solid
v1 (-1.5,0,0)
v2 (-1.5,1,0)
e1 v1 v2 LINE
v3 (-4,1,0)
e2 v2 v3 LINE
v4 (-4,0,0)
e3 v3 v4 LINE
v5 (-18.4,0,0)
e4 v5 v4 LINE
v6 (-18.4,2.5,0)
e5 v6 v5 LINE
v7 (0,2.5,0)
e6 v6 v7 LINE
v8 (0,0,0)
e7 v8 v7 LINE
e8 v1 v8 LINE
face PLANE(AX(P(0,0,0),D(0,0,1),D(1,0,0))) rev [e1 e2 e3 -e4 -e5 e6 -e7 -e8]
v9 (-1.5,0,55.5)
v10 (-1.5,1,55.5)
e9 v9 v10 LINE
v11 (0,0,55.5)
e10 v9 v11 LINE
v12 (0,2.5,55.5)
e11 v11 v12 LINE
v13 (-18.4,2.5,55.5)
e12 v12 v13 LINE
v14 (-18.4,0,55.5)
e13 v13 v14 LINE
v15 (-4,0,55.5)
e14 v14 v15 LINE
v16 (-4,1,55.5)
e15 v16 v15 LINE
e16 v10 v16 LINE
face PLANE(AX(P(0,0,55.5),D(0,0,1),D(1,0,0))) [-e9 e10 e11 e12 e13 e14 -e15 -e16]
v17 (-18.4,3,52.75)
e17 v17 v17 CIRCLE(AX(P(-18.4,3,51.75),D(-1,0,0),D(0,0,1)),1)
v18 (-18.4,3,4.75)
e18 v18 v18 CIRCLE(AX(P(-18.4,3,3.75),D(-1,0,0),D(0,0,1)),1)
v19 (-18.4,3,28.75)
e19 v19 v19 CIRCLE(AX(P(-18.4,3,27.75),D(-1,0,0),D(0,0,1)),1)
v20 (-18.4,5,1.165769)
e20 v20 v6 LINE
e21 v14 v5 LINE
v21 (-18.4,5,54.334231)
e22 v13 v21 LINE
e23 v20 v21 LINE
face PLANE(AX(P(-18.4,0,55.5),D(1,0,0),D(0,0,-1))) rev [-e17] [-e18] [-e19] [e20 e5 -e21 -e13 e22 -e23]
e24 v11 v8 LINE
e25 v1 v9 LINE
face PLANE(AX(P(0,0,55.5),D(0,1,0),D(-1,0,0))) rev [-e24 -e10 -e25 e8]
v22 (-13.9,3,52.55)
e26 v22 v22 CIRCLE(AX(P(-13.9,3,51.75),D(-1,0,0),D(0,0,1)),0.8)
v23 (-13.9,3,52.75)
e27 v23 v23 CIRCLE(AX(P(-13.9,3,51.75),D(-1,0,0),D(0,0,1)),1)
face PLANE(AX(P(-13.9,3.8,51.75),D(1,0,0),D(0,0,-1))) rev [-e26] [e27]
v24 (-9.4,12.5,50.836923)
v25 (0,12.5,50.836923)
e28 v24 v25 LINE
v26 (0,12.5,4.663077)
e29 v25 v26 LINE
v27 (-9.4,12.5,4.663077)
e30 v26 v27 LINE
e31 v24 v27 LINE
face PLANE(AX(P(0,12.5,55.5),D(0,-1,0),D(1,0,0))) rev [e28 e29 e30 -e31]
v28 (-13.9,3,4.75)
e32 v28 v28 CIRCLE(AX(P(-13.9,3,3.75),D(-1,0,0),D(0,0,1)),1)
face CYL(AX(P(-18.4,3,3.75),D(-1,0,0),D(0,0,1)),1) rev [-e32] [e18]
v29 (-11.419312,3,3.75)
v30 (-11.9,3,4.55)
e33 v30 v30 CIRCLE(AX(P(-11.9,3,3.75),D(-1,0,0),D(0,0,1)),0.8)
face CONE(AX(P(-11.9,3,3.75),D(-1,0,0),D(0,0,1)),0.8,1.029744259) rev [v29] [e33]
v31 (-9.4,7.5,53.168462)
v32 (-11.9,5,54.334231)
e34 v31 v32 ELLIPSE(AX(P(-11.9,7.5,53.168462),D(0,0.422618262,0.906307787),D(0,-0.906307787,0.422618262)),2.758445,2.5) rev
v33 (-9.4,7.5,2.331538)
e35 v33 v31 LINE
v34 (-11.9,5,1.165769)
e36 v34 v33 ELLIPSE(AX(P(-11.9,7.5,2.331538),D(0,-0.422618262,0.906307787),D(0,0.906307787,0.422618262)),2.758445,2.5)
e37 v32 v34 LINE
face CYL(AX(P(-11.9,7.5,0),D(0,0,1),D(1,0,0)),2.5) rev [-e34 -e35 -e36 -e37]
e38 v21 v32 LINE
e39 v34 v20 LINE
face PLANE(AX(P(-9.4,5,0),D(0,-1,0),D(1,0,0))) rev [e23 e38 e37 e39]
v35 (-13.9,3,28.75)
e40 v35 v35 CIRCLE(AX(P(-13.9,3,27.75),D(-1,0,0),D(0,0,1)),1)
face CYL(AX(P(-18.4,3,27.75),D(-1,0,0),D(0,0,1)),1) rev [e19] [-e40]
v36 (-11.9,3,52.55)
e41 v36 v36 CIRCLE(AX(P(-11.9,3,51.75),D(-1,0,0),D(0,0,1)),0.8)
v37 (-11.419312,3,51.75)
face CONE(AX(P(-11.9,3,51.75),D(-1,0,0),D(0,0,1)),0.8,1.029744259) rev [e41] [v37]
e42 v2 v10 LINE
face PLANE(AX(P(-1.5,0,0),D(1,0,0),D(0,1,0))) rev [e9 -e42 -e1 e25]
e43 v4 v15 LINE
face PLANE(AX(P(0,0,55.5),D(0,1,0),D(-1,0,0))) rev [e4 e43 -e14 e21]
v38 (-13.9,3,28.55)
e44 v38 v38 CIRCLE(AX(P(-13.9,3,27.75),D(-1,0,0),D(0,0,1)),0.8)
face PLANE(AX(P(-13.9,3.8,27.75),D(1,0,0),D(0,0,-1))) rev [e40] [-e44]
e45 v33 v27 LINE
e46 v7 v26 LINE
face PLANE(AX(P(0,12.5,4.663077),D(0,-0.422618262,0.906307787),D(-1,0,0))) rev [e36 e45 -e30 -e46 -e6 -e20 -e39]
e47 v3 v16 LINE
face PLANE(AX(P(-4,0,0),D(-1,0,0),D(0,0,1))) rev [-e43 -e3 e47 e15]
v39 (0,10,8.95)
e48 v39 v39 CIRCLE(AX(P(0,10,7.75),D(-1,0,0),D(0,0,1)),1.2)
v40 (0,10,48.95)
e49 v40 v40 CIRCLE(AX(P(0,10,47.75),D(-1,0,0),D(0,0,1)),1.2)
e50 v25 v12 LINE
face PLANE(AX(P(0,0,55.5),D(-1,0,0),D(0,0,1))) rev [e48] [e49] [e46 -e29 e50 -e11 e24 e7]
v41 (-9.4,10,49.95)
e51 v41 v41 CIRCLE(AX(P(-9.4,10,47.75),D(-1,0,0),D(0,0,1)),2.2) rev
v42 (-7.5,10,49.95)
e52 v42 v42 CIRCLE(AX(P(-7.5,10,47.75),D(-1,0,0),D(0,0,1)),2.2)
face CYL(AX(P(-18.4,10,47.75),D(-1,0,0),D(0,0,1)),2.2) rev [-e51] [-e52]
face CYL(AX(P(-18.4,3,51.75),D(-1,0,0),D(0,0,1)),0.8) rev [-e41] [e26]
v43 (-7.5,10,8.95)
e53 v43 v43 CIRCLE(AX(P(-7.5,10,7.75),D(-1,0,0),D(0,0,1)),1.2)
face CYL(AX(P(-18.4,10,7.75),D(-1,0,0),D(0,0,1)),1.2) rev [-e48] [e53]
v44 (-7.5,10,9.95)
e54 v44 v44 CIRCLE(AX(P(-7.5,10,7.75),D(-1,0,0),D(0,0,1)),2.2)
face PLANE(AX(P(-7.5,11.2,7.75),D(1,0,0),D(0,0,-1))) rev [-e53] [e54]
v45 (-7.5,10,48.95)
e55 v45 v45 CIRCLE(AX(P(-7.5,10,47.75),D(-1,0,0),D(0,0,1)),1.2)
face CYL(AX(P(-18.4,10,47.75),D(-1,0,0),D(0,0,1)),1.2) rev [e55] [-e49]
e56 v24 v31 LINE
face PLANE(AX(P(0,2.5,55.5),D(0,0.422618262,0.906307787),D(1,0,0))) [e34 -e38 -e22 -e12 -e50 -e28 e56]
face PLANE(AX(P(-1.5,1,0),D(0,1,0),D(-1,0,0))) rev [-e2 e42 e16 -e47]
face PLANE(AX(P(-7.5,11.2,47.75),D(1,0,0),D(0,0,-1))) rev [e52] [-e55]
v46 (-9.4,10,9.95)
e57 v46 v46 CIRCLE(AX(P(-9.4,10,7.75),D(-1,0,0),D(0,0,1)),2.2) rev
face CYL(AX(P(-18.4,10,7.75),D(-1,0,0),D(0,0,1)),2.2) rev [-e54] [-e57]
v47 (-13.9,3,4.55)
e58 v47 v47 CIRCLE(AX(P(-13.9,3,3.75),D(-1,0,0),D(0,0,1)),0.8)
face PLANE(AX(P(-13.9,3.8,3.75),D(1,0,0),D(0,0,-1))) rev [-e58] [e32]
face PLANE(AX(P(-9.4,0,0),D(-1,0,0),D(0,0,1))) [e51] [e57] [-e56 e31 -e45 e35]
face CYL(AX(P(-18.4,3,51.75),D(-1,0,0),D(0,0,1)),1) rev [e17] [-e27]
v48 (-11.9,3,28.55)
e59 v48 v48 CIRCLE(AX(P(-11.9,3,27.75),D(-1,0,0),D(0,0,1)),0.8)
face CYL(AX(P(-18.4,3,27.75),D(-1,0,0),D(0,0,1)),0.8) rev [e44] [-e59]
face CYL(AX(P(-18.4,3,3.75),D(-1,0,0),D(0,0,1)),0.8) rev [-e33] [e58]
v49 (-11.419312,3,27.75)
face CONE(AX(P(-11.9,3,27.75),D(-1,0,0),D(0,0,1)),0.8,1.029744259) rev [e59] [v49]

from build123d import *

# Parameters (mm, degrees)
SKETCH1_W                       = 18.4
SKETCH1_H                       = 12.5
BOSS_EXTRUDE1_DEPTH             = 55.5
SKETCH2_W                       = 2.5
SKETCH2_H                       = 1
CUT_EXTRUDE1_DEPTH              = 56.5
M2X0_4_TAPPED_HOLE1_D           = 1.6
M2X0_4_TAPPED_HOLE1_DEPTH       = 6.5
M2X0_4_TAPPED_HOLE1_CBORE_D     = 2
M2X0_4_TAPPED_HOLE1_CBORE_DEPTH = 4.5
M2X0_4_TAPPED_HOLE1_TIP         = 0.480688495
CBORE_FOR_M2_SHCS1_D            = 2.4
CBORE_FOR_M2_SHCS1_CBORE_D      = 4.4
CBORE_FOR_M2_SHCS1_CBORE_DEPTH  = 10.9
CHAMFER1_SIZE                   = 10
CHAMFER1_SIZE2                  = 4.663076582
CHAMFER2_SIZE                   = 10
CHAMFER2_SIZE2                  = 4.663076582
SKETCH7_W                       = 55.5
SKETCH7_H                       = 7.5
CUT_EXTRUDE2_DEPTH              = 9
FILLET2_R                       = 2.5


with BuildPart() as part:
    # Sketch1 → Boss-Extrude1 (new body)
    with BuildSketch(Plane.XY):
        with Locations((-9.2, 6.25)):
            Rectangle(SKETCH1_W, SKETCH1_H)
    extrude(amount=BOSS_EXTRUDE1_DEPTH)

    # Sketch2 → Cut-Extrude1 (cut, through all)
    with BuildSketch(Plane.XY.offset(55.5)):
        with Locations((-2.75, 0.5)):
            Rectangle(SKETCH2_W, SKETCH2_H)
    extrude(amount=-CUT_EXTRUDE1_DEPTH, mode=Mode.SUBTRACT)

    # M2x0.4 Tapped Hole1
    with Locations(Plane.ZY.offset(18.4)):
        with Locations((51.75, 3), (27.75, 3), (3.75, 3)):
            CounterBoreHole(M2X0_4_TAPPED_HOLE1_D / 2, M2X0_4_TAPPED_HOLE1_CBORE_D / 2, M2X0_4_TAPPED_HOLE1_CBORE_DEPTH, depth=M2X0_4_TAPPED_HOLE1_DEPTH)
            with Locations((0, 0, -(M2X0_4_TAPPED_HOLE1_DEPTH + M2X0_4_TAPPED_HOLE1_TIP / 2))):  # 118° drill point
                Cone(0, M2X0_4_TAPPED_HOLE1_D / 2, M2X0_4_TAPPED_HOLE1_TIP, mode=Mode.SUBTRACT)

    # CBORE for M2 SHCS1 (through all)
    with Locations(Plane.ZY.offset(18.4)):
        with Locations((47.75, 10), (7.75, 10)):
            CounterBoreHole(CBORE_FOR_M2_SHCS1_D / 2, CBORE_FOR_M2_SHCS1_CBORE_D / 2, CBORE_FOR_M2_SHCS1_CBORE_DEPTH)

    # Chamfer1
    chamfer1_edges = [part.edges().sort_by_distance(p)[0] for p in [
        (-9.2, 12.5, 0),
    ]]
    chamfer1_side = [part.faces().sort_by_distance(p)[0] for p in [
        (-9.270879121, 6.313186813, 0),
    ]]
    chamfer(chamfer1_edges, length=CHAMFER1_SIZE, length2=CHAMFER1_SIZE2, reference=chamfer1_side[0])

    # Chamfer2
    chamfer2_edges = [part.edges().sort_by_distance(p)[0] for p in [
        (-9.2, 12.5, 55.5),
    ]]
    chamfer2_side = [part.faces().sort_by_distance(p)[0] for p in [
        (-9.270879121, 6.313186813, 55.5),
    ]]
    chamfer(chamfer2_edges, length=CHAMFER2_SIZE, length2=CHAMFER2_SIZE2, reference=chamfer2_side[0])

    # Sketch7 → Cut-Extrude2 (cut)
    with BuildSketch(Plane.ZY.offset(18.4)):
        with Locations((27.75, 8.75)):
            Rectangle(SKETCH7_W, SKETCH7_H)
    extrude(amount=-CUT_EXTRUDE2_DEPTH, mode=Mode.SUBTRACT)

    # Fillet2
    fillet2_edges = [part.edges().sort_by_distance(p)[0] for p in [
        (-9.4, 5, 27.75),
    ]]
    fillet(fillet2_edges, radius=FILLET2_R)


solid = part.part
